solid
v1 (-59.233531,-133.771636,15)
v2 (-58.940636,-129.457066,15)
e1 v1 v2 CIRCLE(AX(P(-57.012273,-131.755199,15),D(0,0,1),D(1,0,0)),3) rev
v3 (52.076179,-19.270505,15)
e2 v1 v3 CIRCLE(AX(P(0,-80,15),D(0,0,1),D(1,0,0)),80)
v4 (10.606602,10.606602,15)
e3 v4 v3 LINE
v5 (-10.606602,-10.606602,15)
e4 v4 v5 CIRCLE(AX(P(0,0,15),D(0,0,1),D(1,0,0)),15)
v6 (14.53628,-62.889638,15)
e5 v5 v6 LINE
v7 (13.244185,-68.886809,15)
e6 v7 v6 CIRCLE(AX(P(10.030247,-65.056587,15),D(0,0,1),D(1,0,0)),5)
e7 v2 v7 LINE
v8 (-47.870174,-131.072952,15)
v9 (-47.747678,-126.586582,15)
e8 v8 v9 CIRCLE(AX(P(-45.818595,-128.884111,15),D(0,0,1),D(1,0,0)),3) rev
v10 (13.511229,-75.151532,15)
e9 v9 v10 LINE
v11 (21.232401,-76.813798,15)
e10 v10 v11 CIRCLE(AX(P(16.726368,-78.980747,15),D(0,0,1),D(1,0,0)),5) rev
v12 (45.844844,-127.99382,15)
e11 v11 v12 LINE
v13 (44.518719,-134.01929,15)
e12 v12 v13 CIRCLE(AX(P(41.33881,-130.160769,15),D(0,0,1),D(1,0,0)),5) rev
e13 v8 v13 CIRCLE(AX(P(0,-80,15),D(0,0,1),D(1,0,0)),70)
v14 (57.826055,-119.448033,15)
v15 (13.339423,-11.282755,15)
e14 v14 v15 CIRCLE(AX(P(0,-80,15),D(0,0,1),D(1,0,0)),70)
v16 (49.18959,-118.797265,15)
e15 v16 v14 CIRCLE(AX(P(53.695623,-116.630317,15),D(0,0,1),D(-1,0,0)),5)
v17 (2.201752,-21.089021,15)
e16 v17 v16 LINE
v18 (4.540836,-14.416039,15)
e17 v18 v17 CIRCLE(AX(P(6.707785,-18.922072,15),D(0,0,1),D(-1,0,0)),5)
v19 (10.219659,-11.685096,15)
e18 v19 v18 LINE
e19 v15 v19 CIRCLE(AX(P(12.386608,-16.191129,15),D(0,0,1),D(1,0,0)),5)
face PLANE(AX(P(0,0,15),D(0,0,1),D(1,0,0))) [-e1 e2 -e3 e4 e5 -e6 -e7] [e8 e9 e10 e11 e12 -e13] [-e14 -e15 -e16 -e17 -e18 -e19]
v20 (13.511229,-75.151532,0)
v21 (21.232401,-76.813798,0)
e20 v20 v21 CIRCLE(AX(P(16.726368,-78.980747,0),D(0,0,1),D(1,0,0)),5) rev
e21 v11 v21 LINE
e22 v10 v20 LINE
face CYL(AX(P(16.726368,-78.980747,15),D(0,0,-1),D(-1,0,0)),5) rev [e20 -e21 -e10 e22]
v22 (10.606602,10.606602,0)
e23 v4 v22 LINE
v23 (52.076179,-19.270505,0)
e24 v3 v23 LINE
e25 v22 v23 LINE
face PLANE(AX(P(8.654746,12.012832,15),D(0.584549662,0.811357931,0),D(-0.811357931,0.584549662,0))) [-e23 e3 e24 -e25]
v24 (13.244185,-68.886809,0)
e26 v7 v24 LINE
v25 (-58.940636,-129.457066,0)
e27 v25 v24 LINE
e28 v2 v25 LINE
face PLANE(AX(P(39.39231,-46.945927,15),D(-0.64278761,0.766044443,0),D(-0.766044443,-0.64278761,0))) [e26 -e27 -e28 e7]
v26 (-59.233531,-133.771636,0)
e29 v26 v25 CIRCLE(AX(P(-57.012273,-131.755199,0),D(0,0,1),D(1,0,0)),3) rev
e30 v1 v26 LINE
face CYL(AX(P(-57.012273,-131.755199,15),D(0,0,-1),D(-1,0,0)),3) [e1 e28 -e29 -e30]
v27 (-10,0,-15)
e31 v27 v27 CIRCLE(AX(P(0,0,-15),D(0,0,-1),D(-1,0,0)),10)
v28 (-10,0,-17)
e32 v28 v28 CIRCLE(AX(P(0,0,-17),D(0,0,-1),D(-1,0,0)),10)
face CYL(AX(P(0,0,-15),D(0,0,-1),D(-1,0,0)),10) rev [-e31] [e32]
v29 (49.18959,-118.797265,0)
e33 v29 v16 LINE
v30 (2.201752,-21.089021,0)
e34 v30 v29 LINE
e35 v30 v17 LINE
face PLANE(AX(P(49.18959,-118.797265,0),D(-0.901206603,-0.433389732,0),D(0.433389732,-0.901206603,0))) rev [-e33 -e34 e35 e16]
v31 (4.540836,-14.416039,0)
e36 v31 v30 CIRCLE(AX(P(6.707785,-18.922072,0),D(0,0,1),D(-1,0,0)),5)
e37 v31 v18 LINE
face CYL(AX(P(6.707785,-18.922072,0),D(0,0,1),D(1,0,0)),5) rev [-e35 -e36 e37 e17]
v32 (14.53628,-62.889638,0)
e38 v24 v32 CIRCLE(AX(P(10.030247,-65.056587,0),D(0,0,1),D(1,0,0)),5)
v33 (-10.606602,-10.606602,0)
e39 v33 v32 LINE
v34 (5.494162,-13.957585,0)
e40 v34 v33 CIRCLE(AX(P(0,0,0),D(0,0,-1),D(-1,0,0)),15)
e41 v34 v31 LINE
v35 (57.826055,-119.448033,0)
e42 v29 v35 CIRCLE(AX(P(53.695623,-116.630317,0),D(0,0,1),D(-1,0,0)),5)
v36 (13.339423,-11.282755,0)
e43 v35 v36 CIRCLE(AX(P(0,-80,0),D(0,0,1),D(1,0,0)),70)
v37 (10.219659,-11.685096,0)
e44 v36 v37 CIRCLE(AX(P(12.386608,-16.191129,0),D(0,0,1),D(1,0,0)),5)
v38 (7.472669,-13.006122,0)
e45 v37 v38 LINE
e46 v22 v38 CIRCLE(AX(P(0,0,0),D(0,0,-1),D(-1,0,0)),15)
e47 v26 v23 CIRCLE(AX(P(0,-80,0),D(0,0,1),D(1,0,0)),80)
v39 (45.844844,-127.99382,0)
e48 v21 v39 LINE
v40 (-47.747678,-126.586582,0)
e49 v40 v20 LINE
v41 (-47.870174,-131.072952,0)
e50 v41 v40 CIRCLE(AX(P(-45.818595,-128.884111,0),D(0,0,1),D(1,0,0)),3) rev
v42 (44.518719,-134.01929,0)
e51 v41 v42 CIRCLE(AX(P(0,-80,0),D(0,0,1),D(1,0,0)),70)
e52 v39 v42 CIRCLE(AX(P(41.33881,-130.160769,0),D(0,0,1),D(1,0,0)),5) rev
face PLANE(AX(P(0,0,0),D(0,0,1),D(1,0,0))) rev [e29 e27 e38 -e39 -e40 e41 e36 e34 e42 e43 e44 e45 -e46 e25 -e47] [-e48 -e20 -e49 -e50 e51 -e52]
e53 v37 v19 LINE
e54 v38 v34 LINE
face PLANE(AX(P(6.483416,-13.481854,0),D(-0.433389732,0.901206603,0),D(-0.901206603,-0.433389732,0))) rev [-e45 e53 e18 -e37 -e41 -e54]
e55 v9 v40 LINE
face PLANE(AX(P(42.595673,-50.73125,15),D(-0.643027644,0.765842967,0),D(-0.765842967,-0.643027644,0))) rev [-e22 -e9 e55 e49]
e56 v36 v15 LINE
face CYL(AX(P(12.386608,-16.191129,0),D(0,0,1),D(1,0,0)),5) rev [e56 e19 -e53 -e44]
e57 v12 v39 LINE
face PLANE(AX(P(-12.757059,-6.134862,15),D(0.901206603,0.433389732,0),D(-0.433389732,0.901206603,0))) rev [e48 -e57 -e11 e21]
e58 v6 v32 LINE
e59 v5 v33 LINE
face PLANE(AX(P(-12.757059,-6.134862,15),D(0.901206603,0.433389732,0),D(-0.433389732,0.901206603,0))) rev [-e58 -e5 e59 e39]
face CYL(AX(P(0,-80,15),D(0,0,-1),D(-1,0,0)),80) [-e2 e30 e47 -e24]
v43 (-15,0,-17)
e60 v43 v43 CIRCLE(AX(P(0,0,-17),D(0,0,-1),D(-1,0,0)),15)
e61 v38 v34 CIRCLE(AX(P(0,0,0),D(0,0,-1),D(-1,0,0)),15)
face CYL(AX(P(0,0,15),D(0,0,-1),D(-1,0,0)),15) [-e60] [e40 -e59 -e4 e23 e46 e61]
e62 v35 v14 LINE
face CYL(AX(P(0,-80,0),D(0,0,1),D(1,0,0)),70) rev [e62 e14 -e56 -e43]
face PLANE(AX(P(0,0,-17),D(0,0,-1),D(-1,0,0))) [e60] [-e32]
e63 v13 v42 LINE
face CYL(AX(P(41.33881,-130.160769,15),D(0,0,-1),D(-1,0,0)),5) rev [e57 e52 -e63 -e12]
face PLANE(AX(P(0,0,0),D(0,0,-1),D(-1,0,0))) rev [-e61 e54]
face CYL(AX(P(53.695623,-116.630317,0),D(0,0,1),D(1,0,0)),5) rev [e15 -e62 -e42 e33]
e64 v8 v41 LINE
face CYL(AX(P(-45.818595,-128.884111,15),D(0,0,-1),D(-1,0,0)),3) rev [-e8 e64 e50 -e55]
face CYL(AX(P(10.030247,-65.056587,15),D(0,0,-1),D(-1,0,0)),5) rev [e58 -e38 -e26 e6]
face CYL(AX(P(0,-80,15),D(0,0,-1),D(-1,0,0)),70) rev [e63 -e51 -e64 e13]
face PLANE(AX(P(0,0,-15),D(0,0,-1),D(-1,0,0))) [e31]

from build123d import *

# Parameters (mm, degrees)
EXTRUDE_1_DEPTH     = 15
CUT_EXTRUDE_START   = -15
CUT_EXTRUDE_1_DEPTH = 15
EXTRUDE_START       = 17
SKETCH_11_R         = 15
EXTRUDE_3_DEPTH     = 17
SKETCH_12_R         = 10
CUT_EXTRUDE_5_DEPTH = 2


with BuildPart() as part:
    # ｽｹｯﾁ4 → ﾎﾞｽ - 押し出し1 (new body)
    with BuildSketch(Plane.XY):
        with BuildLine():
            Line((-53.623111018, -124.995132678), (-58.940636287, -129.45706617))
            ThreePointArc((-58.940636287, -129.45706617), (-60.005384698, -131.552012131), (-59.233530865, -133.771635843))
            ThreePointArc((-59.233530865, -133.771635843), (57.362306223, -135.763481103), (52.076178918, -19.270504783))
            Line((52.076178918, -19.270504783), (10.606601718, 10.606601718))
            ThreePointArc((10.606601718, 10.606601718), (-10.606601718, 10.606601718), (-10.606601718, -10.606601718))
            Line((-10.606601718, -10.606601718), (14.536280154, -62.889638219))
            ThreePointArc((14.536280154, -62.889638219), (14.918089499, -66.109676181), (13.244185189, -68.886809092))
            Line((13.244185189, -68.886809092), (-53.623111018, -124.995132678))
        make_face()
        with BuildLine():
            Line((21.232400696, -76.813798404), (45.844843506, -127.993820346))
            ThreePointArc((45.844843506, -127.993820346), (46.221944165, -131.235480845), (44.518718993, -134.019289696))
            ThreePointArc((44.518718993, -134.019289696), (-2.231208213, -149.964431749), (-47.870174388, -131.072951785))
            ThreePointArc((-47.870174388, -131.072951785), (-48.817477846, -128.802229421), (-47.747678417, -126.586582094))
            Line((-47.747678417, -126.586582094), (13.511229465, -75.151532228))
            ThreePointArc((13.511229465, -75.151532228), (17.77869109, -74.092739753), (21.232400696, -76.813798404))
        make_face(mode=Mode.SUBTRACT)
    extrude(amount=EXTRUDE_1_DEPTH)

    # ｽｹｯﾁ6 → ｶｯﾄ - 押し出し1 (cut)
    with BuildSketch(Plane.XY.offset(15).offset(CUT_EXTRUDE_START)):
        with BuildLine():
            Line((49.189589797, -118.797265215), (2.201751786, -21.089020696))
            ThreePointArc((2.201751786, -21.089020696), (1.989274209, -17.268089629), (4.540836142, -14.416039025))
            Line((4.540836142, -14.416039025), (6.483415605, -13.48185369))
            Line((6.483415605, -13.48185369), (10.219658847, -11.685096486))
            ThreePointArc((10.219658847, -11.685096486), (11.747077013, -11.232198087), (13.339423466, -11.282754846))
            ThreePointArc((13.339423466, -11.282754846), (64.738421392, -53.37413296), (57.826055334, -119.448033215))
            ThreePointArc((57.826055334, -119.448033215), (53.319931874, -121.616182211), (49.189589797, -118.797265215))
        make_face()
    extrude(amount=CUT_EXTRUDE_1_DEPTH, mode=Mode.SUBTRACT)

    # ｽｹｯﾁ11 → ﾎﾞｽ - 押し出し3 (add)
    with BuildSketch(Plane(origin=(0, 0, 0), x_dir=(-1, 0, 0), z_dir=(0, 0, -1)).offset(EXTRUDE_START)):
        Circle(SKETCH_11_R)
    extrude(amount=-EXTRUDE_3_DEPTH)

    # ｽｹｯﾁ12 → ｶｯﾄ - 押し出し5 (cut)
    with BuildSketch(Plane(origin=(0, 0, -17), x_dir=(-1, 0, 0), z_dir=(0, 0, -1))):
        Circle(SKETCH_12_R)
    extrude(amount=-CUT_EXTRUDE_5_DEPTH, mode=Mode.SUBTRACT)


solid = part.part
